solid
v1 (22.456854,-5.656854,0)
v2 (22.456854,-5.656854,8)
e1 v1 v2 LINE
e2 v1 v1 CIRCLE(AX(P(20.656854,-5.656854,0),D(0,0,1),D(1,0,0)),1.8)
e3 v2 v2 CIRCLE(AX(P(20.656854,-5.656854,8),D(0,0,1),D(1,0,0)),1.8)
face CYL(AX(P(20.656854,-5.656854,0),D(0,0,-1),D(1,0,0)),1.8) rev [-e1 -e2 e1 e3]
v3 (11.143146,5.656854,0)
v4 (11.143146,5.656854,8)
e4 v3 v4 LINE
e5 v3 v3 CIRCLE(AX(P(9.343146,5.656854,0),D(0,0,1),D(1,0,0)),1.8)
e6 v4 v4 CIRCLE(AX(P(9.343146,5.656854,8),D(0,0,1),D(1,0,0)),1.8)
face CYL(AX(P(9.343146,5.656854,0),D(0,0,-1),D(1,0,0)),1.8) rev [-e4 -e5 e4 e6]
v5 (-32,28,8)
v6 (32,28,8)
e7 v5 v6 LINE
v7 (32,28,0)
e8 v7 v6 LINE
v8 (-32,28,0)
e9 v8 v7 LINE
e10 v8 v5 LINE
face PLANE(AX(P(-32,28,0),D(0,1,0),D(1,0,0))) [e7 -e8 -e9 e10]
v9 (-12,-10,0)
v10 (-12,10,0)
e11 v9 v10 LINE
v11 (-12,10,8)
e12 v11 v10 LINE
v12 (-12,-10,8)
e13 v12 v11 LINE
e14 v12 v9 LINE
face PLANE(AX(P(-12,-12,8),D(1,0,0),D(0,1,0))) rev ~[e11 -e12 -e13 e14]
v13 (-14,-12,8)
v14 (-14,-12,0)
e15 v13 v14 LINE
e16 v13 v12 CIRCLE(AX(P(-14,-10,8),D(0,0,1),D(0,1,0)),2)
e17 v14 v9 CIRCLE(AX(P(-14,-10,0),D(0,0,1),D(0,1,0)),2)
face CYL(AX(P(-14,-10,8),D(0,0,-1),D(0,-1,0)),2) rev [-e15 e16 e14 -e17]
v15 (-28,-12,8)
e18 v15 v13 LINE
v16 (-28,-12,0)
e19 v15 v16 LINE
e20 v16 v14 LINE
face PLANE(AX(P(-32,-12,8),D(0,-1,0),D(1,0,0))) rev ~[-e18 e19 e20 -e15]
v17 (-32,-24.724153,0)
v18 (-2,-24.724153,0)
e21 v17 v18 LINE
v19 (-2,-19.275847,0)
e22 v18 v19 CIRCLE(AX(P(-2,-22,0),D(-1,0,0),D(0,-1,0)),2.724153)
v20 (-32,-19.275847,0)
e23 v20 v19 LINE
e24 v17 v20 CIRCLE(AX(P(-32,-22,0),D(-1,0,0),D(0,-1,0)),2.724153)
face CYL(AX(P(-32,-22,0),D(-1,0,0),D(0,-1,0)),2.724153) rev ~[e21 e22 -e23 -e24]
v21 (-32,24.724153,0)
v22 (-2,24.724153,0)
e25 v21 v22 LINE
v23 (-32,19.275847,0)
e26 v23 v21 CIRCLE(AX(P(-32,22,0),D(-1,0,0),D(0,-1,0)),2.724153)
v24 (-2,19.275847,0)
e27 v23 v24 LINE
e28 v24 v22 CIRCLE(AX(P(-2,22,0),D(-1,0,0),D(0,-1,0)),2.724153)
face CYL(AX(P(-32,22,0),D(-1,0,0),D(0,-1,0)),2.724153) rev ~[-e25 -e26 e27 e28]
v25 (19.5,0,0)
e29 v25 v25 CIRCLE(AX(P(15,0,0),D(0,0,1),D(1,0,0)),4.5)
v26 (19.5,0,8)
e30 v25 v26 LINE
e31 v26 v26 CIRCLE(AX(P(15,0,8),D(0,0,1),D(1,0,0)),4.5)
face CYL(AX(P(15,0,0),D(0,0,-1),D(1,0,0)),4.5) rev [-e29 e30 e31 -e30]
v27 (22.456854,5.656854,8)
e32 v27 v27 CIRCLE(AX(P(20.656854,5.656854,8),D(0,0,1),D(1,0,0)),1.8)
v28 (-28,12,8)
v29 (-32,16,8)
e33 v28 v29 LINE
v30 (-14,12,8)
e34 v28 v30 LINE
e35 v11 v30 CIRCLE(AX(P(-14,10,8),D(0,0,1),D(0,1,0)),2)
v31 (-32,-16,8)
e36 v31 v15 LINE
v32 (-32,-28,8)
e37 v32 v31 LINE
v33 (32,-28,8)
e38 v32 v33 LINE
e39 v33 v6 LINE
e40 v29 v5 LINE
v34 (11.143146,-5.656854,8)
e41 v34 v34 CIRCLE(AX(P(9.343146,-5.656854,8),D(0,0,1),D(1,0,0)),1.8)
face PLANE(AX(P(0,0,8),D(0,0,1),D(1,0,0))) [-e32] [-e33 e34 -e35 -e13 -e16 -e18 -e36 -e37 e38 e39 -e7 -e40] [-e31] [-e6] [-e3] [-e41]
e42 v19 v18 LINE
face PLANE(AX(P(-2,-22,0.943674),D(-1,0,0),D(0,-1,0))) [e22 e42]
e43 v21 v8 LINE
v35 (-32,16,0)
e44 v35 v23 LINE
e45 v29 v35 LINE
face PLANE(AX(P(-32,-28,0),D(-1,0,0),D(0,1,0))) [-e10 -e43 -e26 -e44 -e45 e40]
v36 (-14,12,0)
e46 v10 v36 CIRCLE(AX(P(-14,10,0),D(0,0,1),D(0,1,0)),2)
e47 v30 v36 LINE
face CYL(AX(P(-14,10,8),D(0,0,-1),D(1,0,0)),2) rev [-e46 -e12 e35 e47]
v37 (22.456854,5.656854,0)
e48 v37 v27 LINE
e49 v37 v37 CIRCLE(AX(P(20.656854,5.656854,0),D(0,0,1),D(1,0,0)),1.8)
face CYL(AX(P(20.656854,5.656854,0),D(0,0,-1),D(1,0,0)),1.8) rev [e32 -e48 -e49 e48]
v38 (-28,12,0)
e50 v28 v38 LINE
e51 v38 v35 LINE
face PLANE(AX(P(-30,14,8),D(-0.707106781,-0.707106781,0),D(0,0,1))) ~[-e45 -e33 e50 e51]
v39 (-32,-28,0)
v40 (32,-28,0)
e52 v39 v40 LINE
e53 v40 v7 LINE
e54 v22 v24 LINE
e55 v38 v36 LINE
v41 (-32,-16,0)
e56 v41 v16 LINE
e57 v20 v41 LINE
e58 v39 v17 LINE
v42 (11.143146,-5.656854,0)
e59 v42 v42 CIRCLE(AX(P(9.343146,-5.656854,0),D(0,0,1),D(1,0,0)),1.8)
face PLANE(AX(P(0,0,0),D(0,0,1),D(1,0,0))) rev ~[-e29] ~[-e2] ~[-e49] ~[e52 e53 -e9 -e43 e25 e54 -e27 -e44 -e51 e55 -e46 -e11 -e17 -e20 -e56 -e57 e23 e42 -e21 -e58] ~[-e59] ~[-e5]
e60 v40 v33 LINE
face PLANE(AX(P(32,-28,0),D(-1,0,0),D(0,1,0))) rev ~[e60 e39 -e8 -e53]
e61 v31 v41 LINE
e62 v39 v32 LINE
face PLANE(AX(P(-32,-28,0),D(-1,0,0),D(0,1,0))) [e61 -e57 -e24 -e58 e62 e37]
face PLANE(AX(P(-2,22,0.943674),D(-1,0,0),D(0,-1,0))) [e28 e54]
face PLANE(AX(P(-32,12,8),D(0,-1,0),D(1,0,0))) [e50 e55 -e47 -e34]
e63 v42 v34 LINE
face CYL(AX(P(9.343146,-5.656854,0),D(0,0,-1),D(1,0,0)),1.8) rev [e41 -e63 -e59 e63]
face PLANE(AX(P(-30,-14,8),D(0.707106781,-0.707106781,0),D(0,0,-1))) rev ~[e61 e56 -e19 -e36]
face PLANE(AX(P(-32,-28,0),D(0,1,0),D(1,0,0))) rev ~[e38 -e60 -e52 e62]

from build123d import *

# Parameters (mm, degrees)
F0_W     = 64
F0_H     = 56
F0_R     = 1.8
F0_R_2   = 4.5
F1_DEPTH = 8
F3_DEPTH = 30
F4_W     = 20
F4_H     = 24
F5_DEPTH = 25
F6_SIZE  = 4
F7_R     = 2


with BuildPart() as f1:
    # F0 (on Top) → F1 (new body)
    with BuildSketch(Plane.XY):
        Rectangle(F0_W, F0_H)
        with Locations((9.3431457505, -5.6568542495)):
            Circle(F0_R, mode=Mode.SUBTRACT)
        with Locations((20.6568542495, -5.6568542495)):
            Circle(F0_R, mode=Mode.SUBTRACT)
        with Locations((15, 0)):
            Circle(F0_R_2, mode=Mode.SUBTRACT)
        with Locations((9.3431457505, 5.6568542495)):
            Circle(F0_R, mode=Mode.SUBTRACT)
        with Locations((20.6568542495, 5.6568542495)):
            Circle(F0_R, mode=Mode.SUBTRACT)
    extrude(amount=F1_DEPTH)

    # F2 (on face) → F3 (cut)
    with BuildSketch(Plane(origin=(-32, 0, 0), x_dir=(0, -1, 0), z_dir=(-1, 0, 0))):
        with BuildLine():
            Line((-24.7241525946, 0), (-19.2758474054, 0))
            ThreePointArc((-19.2758474054, 0), (-22, 2.7241525946), (-24.7241525946, 0))
        make_face()
        with BuildLine():
            ThreePointArc((24.7241525946, 0), (22, 2.7241525946), (19.2758474054, 0))
            Line((19.2758474054, 0), (24.7241525946, 0))
        make_face()
    extrude(amount=-F3_DEPTH, mode=Mode.SUBTRACT)

    # F4 (on face) → F5 (cut)
    with BuildSketch(Plane.XY.offset(8)):
        with Locations((-22, 0)):
            Rectangle(F4_W, F4_H)
    extrude(amount=-F5_DEPTH, mode=Mode.SUBTRACT)

    # F6
    f6_edges = [f1.edges().sort_by_distance(p)[0] for p in [
        (-32, 12, 4),
        (-32, -12, 4),
    ]]
    chamfer(f6_edges, length=F6_SIZE)

    # F7
    f7_edges = [f1.edges().sort_by_distance(p)[0] for p in [
        (-12, 12, 4),
        (-12, -12, 4),
    ]]
    fillet(f7_edges, radius=F7_R)


solid = f1.part
